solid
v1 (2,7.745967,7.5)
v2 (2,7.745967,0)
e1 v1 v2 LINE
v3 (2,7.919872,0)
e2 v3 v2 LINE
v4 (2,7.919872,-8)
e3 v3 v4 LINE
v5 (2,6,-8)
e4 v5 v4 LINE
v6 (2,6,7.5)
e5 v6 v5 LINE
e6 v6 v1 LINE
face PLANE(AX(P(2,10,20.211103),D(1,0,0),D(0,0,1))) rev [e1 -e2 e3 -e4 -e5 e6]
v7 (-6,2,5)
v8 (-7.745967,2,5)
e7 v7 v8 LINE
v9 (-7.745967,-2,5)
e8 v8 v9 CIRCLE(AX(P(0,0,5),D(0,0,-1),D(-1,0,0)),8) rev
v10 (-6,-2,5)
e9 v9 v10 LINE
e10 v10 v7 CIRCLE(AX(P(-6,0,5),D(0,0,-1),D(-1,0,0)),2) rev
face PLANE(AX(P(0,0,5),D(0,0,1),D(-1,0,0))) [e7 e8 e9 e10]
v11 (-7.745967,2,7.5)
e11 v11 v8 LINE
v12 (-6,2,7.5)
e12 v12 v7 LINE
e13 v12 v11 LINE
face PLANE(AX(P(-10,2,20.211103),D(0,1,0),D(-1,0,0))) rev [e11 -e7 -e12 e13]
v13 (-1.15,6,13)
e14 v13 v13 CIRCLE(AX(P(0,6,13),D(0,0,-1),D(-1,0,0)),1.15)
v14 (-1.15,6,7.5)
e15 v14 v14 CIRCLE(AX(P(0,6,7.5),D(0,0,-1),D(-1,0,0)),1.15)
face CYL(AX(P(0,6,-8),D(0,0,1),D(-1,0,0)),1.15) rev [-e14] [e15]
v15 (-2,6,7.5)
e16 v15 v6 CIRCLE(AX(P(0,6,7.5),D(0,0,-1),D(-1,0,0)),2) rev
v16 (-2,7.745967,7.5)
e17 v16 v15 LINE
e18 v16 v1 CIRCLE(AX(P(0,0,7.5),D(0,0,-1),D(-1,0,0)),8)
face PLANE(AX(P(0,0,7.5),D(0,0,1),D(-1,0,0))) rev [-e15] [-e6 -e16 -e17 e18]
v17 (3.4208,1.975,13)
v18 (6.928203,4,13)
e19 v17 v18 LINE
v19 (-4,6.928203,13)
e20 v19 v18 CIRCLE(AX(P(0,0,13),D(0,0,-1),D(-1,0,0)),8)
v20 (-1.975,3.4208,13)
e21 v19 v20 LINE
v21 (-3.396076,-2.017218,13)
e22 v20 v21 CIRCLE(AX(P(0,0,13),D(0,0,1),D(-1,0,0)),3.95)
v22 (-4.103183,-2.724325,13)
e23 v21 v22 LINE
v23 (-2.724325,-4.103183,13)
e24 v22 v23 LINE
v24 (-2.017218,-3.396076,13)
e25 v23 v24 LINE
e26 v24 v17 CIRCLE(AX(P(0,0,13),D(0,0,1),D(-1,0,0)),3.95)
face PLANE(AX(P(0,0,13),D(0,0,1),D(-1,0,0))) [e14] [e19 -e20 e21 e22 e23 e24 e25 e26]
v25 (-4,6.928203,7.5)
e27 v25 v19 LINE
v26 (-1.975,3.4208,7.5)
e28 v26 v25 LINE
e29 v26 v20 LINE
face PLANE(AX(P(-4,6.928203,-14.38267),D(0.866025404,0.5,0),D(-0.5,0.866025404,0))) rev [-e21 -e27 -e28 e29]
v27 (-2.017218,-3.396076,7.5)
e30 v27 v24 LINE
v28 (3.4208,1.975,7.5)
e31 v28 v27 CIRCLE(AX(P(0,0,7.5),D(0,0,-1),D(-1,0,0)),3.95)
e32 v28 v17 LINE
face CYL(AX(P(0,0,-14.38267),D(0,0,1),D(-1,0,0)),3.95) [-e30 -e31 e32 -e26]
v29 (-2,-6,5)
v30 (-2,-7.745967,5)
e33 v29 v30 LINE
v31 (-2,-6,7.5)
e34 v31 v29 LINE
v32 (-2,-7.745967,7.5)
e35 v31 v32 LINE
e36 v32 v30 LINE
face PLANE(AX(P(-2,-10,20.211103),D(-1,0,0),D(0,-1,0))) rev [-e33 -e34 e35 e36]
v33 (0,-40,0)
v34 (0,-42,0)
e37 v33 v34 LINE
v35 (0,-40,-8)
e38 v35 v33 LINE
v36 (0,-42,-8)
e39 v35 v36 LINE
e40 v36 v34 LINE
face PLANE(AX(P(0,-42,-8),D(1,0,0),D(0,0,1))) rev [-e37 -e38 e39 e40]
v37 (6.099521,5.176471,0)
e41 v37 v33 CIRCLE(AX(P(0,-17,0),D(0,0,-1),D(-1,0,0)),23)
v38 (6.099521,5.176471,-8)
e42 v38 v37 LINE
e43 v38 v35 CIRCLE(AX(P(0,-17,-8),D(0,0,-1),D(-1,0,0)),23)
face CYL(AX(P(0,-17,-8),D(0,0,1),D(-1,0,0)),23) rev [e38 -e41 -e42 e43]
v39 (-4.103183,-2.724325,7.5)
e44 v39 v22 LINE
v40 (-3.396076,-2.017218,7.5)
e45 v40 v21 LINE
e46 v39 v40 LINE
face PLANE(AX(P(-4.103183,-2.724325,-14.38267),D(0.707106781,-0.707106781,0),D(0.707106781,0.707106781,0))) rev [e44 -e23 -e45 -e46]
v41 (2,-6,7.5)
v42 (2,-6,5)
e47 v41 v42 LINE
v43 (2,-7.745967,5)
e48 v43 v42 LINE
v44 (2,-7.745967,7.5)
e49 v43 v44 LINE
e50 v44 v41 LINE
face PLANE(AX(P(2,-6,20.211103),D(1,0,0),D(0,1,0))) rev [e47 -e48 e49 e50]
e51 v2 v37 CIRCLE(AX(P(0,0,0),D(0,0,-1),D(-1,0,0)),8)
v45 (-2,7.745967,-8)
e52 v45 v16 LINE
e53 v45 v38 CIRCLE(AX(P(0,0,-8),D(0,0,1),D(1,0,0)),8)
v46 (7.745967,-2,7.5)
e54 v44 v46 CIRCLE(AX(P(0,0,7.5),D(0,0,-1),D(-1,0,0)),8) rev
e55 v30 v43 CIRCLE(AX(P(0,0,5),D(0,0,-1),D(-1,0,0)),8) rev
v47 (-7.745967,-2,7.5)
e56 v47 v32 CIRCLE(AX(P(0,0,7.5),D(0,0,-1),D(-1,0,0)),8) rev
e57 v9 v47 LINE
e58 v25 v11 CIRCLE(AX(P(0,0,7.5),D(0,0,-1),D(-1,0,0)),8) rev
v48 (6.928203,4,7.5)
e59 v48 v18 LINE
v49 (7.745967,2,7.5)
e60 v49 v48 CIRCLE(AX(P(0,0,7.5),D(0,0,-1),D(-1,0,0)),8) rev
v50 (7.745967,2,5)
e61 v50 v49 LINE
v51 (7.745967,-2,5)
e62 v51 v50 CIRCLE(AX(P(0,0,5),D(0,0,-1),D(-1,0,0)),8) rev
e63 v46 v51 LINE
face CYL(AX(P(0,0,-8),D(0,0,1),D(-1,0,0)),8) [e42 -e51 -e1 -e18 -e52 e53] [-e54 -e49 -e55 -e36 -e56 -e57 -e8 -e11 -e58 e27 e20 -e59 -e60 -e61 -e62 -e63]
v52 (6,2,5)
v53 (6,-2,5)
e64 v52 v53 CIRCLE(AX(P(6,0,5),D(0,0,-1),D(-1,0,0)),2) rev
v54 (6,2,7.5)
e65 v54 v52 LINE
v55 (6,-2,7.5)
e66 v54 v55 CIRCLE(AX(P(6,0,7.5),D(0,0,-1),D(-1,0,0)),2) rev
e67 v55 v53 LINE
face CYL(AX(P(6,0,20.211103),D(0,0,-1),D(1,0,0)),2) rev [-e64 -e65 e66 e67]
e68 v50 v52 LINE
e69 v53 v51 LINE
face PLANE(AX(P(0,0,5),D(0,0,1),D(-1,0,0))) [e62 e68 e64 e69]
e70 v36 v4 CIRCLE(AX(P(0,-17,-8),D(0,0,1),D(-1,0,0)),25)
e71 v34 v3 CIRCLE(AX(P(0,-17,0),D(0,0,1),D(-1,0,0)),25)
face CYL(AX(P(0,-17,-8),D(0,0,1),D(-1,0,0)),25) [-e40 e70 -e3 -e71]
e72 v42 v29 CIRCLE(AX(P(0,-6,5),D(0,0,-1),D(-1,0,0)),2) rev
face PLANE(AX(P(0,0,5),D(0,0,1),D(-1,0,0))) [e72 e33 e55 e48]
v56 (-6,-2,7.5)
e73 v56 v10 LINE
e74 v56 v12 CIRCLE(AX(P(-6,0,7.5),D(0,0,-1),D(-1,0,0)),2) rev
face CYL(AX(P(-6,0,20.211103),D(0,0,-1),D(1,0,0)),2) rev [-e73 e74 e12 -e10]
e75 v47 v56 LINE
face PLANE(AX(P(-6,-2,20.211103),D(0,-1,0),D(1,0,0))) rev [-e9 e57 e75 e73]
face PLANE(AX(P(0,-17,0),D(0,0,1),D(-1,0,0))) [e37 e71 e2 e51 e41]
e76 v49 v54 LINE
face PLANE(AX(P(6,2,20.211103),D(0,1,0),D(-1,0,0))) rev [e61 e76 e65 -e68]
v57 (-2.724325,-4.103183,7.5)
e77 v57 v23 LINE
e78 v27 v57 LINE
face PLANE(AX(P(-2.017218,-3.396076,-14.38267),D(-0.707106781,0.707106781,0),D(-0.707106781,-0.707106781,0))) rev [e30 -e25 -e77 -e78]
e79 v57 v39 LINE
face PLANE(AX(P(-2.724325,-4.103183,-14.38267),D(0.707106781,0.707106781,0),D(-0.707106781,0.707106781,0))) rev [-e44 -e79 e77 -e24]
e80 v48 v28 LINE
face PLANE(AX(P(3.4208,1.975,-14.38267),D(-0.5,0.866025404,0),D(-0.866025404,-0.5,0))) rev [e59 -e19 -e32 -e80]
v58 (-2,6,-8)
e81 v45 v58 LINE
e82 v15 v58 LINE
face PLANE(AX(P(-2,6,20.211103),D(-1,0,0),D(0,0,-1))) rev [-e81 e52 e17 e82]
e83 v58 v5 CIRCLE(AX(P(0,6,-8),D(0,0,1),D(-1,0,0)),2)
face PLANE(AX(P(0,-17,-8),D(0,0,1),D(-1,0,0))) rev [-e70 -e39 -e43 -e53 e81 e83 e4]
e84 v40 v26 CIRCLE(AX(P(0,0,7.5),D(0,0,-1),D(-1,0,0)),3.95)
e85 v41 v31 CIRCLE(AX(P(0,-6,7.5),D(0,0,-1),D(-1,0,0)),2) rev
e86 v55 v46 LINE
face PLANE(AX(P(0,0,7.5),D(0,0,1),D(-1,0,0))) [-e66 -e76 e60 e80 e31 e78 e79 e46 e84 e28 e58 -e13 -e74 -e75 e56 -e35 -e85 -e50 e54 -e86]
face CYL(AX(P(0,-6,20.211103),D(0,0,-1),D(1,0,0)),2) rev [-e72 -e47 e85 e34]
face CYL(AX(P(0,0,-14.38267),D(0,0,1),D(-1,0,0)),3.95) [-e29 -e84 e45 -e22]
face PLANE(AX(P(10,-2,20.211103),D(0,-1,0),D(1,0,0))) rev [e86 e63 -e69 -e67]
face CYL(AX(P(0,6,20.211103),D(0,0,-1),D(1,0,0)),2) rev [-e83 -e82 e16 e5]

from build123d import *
from build123d.topology import SkipClean

# Parameters (mm, degrees)
SKETCH1_R           = 1.15
BOSS_EXTRUDE1_DEPTH = 8
BOSS_EXTRUDE2_START = 13
SKETCH4_R           = 8
SKETCH4_R_2         = 1.15
BOSS_EXTRUDE2_DEPTH = 13
CUT_EXTRUDE3_DEPTH  = 15.5
CUT_EXTRUDE4_DEPTH  = 5.5
BOSS_EXTRUDE3_START = -13
BOSS_EXTRUDE3_DEPTH = 13


with BuildPart() as part:
    # Sketch1 → Boss-Extrude1 (new body)
    with BuildSketch(Plane.XY):
        with BuildLine():
            Line((0, -42), (0, -40))
            ThreePointArc((0, -40), (22.793187837, -20.077432085), (6.099520657, 5.176470588))
            ThreePointArc((6.099520657, 5.176470588), (7.259881704, -3.360672202), (0, -8))
            ThreePointArc((0, -8), (-8, 0), (0, 8))
            ThreePointArc((0, 8), (25, -17), (0, -42))
        make_face()
        with Locations((0, 6)):
            Circle(SKETCH1_R, mode=Mode.SUBTRACT)
        with Locations((-6, 0)):
            Circle(SKETCH1_R, mode=Mode.SUBTRACT)
        with Locations((0, -6)):
            Circle(SKETCH1_R, mode=Mode.SUBTRACT)
        with Locations((6, 0)):
            Circle(SKETCH1_R, mode=Mode.SUBTRACT)
    extrude(amount=BOSS_EXTRUDE1_DEPTH)

    # Sketch4 → Boss-Extrude2 (add)
    with SkipClean():  # the faces are left unmerged after this step: merging them gives an invalid solid
        with BuildSketch(Plane(origin=(0, 0, 0), x_dir=(-1, 0, 0), z_dir=(0, 0, -1)).offset(BOSS_EXTRUDE2_START)):
            Circle(SKETCH4_R)
            with Locations((0, 6)):
                Circle(SKETCH4_R_2, mode=Mode.SUBTRACT)
            with Locations((-6, 0)):
                Circle(SKETCH4_R_2, mode=Mode.SUBTRACT)
            with Locations((0, -6)):
                Circle(SKETCH4_R_2, mode=Mode.SUBTRACT)
            with Locations((6, 0)):
                Circle(SKETCH4_R_2, mode=Mode.SUBTRACT)
        extrude(amount=-BOSS_EXTRUDE2_DEPTH)

    # Sketch3 → Cut-Extrude3 (cut)
    with BuildSketch(Plane.XY.offset(8)):
        with BuildLine():
            Line((6, 2), (10, 2))
            Line((10, 2), (10, -2))
            Line((10, -2), (6, -2))
            ThreePointArc((6, -2), (4, 0), (6, 2))
        make_face()
        with BuildLine():
            Line((2, -6), (2, -10))
            Line((2, -10), (-2, -10))
            Line((-2, -10), (-2, -6))
            ThreePointArc((-2, -6), (0, -4), (2, -6))
        make_face()
        with BuildLine():
            Line((-6, -2), (-10, -2))
            Line((-10, -2), (-10, 2))
            Line((-10, 2), (-6, 2))
            ThreePointArc((-6, 2), (-4, 0), (-6, -2))
        make_face()
        with BuildLine():
            Line((-2, 6), (-2, 10))
            Line((-2, 10), (2, 10))
            Line((2, 10), (2, 6))
            ThreePointArc((2, 6), (0, 4), (-2, 6))
        make_face()
    extrude(amount=-CUT_EXTRUDE3_DEPTH, mode=Mode.SUBTRACT)

    # Sketch5 → Cut-Extrude4 (cut)
    with BuildSketch(Plane(origin=(0, 0, -13), x_dir=(-1, 0, 0), z_dir=(0, 0, -1))):
        with BuildLine():
            Line((-3.420800345, 1.975), (-6.92820323, 4))
            ThreePointArc((-6.92820323, 4), (2.070552361, -7.72740661), (4, 6.92820323))
            Line((4, 6.92820323), (1.975, 3.420800345))
            ThreePointArc((1.975, 3.420800345), (3.821665179, 0.998686766), (3.396076023, -2.017217799))
            Line((3.396076023, -2.017217799), (4.103182804, -2.72432458))
            Line((4.103182804, -2.72432458), (2.72432458, -4.103182804))
            Line((2.72432458, -4.103182804), (2.017217799, -3.396076023))
            ThreePointArc((2.017217799, -3.396076023), (-2.775720699, -2.810315747), (-3.420800345, 1.975))
        make_face()
    extrude(amount=-CUT_EXTRUDE4_DEPTH, mode=Mode.SUBTRACT)

    # Sketch6 → Boss-Extrude3 (add)
    with BuildSketch(Plane.XY.offset(8).offset(BOSS_EXTRUDE3_START)):
        with BuildLine():
            Line((5.656854249, 5.656854249), (0, 0))
            Line((0, 0), (-5.656854249, 5.656854249))
            ThreePointArc((-5.656854249, 5.656854249), (0, -8), (5.656854249, 5.656854249))
        make_face()
    extrude(amount=BOSS_EXTRUDE3_DEPTH)


with BuildPart() as body_2:
    # Mirror2: mirrored copy
    add(part.part.mirror(Plane.XY))


solid = body_2.part
